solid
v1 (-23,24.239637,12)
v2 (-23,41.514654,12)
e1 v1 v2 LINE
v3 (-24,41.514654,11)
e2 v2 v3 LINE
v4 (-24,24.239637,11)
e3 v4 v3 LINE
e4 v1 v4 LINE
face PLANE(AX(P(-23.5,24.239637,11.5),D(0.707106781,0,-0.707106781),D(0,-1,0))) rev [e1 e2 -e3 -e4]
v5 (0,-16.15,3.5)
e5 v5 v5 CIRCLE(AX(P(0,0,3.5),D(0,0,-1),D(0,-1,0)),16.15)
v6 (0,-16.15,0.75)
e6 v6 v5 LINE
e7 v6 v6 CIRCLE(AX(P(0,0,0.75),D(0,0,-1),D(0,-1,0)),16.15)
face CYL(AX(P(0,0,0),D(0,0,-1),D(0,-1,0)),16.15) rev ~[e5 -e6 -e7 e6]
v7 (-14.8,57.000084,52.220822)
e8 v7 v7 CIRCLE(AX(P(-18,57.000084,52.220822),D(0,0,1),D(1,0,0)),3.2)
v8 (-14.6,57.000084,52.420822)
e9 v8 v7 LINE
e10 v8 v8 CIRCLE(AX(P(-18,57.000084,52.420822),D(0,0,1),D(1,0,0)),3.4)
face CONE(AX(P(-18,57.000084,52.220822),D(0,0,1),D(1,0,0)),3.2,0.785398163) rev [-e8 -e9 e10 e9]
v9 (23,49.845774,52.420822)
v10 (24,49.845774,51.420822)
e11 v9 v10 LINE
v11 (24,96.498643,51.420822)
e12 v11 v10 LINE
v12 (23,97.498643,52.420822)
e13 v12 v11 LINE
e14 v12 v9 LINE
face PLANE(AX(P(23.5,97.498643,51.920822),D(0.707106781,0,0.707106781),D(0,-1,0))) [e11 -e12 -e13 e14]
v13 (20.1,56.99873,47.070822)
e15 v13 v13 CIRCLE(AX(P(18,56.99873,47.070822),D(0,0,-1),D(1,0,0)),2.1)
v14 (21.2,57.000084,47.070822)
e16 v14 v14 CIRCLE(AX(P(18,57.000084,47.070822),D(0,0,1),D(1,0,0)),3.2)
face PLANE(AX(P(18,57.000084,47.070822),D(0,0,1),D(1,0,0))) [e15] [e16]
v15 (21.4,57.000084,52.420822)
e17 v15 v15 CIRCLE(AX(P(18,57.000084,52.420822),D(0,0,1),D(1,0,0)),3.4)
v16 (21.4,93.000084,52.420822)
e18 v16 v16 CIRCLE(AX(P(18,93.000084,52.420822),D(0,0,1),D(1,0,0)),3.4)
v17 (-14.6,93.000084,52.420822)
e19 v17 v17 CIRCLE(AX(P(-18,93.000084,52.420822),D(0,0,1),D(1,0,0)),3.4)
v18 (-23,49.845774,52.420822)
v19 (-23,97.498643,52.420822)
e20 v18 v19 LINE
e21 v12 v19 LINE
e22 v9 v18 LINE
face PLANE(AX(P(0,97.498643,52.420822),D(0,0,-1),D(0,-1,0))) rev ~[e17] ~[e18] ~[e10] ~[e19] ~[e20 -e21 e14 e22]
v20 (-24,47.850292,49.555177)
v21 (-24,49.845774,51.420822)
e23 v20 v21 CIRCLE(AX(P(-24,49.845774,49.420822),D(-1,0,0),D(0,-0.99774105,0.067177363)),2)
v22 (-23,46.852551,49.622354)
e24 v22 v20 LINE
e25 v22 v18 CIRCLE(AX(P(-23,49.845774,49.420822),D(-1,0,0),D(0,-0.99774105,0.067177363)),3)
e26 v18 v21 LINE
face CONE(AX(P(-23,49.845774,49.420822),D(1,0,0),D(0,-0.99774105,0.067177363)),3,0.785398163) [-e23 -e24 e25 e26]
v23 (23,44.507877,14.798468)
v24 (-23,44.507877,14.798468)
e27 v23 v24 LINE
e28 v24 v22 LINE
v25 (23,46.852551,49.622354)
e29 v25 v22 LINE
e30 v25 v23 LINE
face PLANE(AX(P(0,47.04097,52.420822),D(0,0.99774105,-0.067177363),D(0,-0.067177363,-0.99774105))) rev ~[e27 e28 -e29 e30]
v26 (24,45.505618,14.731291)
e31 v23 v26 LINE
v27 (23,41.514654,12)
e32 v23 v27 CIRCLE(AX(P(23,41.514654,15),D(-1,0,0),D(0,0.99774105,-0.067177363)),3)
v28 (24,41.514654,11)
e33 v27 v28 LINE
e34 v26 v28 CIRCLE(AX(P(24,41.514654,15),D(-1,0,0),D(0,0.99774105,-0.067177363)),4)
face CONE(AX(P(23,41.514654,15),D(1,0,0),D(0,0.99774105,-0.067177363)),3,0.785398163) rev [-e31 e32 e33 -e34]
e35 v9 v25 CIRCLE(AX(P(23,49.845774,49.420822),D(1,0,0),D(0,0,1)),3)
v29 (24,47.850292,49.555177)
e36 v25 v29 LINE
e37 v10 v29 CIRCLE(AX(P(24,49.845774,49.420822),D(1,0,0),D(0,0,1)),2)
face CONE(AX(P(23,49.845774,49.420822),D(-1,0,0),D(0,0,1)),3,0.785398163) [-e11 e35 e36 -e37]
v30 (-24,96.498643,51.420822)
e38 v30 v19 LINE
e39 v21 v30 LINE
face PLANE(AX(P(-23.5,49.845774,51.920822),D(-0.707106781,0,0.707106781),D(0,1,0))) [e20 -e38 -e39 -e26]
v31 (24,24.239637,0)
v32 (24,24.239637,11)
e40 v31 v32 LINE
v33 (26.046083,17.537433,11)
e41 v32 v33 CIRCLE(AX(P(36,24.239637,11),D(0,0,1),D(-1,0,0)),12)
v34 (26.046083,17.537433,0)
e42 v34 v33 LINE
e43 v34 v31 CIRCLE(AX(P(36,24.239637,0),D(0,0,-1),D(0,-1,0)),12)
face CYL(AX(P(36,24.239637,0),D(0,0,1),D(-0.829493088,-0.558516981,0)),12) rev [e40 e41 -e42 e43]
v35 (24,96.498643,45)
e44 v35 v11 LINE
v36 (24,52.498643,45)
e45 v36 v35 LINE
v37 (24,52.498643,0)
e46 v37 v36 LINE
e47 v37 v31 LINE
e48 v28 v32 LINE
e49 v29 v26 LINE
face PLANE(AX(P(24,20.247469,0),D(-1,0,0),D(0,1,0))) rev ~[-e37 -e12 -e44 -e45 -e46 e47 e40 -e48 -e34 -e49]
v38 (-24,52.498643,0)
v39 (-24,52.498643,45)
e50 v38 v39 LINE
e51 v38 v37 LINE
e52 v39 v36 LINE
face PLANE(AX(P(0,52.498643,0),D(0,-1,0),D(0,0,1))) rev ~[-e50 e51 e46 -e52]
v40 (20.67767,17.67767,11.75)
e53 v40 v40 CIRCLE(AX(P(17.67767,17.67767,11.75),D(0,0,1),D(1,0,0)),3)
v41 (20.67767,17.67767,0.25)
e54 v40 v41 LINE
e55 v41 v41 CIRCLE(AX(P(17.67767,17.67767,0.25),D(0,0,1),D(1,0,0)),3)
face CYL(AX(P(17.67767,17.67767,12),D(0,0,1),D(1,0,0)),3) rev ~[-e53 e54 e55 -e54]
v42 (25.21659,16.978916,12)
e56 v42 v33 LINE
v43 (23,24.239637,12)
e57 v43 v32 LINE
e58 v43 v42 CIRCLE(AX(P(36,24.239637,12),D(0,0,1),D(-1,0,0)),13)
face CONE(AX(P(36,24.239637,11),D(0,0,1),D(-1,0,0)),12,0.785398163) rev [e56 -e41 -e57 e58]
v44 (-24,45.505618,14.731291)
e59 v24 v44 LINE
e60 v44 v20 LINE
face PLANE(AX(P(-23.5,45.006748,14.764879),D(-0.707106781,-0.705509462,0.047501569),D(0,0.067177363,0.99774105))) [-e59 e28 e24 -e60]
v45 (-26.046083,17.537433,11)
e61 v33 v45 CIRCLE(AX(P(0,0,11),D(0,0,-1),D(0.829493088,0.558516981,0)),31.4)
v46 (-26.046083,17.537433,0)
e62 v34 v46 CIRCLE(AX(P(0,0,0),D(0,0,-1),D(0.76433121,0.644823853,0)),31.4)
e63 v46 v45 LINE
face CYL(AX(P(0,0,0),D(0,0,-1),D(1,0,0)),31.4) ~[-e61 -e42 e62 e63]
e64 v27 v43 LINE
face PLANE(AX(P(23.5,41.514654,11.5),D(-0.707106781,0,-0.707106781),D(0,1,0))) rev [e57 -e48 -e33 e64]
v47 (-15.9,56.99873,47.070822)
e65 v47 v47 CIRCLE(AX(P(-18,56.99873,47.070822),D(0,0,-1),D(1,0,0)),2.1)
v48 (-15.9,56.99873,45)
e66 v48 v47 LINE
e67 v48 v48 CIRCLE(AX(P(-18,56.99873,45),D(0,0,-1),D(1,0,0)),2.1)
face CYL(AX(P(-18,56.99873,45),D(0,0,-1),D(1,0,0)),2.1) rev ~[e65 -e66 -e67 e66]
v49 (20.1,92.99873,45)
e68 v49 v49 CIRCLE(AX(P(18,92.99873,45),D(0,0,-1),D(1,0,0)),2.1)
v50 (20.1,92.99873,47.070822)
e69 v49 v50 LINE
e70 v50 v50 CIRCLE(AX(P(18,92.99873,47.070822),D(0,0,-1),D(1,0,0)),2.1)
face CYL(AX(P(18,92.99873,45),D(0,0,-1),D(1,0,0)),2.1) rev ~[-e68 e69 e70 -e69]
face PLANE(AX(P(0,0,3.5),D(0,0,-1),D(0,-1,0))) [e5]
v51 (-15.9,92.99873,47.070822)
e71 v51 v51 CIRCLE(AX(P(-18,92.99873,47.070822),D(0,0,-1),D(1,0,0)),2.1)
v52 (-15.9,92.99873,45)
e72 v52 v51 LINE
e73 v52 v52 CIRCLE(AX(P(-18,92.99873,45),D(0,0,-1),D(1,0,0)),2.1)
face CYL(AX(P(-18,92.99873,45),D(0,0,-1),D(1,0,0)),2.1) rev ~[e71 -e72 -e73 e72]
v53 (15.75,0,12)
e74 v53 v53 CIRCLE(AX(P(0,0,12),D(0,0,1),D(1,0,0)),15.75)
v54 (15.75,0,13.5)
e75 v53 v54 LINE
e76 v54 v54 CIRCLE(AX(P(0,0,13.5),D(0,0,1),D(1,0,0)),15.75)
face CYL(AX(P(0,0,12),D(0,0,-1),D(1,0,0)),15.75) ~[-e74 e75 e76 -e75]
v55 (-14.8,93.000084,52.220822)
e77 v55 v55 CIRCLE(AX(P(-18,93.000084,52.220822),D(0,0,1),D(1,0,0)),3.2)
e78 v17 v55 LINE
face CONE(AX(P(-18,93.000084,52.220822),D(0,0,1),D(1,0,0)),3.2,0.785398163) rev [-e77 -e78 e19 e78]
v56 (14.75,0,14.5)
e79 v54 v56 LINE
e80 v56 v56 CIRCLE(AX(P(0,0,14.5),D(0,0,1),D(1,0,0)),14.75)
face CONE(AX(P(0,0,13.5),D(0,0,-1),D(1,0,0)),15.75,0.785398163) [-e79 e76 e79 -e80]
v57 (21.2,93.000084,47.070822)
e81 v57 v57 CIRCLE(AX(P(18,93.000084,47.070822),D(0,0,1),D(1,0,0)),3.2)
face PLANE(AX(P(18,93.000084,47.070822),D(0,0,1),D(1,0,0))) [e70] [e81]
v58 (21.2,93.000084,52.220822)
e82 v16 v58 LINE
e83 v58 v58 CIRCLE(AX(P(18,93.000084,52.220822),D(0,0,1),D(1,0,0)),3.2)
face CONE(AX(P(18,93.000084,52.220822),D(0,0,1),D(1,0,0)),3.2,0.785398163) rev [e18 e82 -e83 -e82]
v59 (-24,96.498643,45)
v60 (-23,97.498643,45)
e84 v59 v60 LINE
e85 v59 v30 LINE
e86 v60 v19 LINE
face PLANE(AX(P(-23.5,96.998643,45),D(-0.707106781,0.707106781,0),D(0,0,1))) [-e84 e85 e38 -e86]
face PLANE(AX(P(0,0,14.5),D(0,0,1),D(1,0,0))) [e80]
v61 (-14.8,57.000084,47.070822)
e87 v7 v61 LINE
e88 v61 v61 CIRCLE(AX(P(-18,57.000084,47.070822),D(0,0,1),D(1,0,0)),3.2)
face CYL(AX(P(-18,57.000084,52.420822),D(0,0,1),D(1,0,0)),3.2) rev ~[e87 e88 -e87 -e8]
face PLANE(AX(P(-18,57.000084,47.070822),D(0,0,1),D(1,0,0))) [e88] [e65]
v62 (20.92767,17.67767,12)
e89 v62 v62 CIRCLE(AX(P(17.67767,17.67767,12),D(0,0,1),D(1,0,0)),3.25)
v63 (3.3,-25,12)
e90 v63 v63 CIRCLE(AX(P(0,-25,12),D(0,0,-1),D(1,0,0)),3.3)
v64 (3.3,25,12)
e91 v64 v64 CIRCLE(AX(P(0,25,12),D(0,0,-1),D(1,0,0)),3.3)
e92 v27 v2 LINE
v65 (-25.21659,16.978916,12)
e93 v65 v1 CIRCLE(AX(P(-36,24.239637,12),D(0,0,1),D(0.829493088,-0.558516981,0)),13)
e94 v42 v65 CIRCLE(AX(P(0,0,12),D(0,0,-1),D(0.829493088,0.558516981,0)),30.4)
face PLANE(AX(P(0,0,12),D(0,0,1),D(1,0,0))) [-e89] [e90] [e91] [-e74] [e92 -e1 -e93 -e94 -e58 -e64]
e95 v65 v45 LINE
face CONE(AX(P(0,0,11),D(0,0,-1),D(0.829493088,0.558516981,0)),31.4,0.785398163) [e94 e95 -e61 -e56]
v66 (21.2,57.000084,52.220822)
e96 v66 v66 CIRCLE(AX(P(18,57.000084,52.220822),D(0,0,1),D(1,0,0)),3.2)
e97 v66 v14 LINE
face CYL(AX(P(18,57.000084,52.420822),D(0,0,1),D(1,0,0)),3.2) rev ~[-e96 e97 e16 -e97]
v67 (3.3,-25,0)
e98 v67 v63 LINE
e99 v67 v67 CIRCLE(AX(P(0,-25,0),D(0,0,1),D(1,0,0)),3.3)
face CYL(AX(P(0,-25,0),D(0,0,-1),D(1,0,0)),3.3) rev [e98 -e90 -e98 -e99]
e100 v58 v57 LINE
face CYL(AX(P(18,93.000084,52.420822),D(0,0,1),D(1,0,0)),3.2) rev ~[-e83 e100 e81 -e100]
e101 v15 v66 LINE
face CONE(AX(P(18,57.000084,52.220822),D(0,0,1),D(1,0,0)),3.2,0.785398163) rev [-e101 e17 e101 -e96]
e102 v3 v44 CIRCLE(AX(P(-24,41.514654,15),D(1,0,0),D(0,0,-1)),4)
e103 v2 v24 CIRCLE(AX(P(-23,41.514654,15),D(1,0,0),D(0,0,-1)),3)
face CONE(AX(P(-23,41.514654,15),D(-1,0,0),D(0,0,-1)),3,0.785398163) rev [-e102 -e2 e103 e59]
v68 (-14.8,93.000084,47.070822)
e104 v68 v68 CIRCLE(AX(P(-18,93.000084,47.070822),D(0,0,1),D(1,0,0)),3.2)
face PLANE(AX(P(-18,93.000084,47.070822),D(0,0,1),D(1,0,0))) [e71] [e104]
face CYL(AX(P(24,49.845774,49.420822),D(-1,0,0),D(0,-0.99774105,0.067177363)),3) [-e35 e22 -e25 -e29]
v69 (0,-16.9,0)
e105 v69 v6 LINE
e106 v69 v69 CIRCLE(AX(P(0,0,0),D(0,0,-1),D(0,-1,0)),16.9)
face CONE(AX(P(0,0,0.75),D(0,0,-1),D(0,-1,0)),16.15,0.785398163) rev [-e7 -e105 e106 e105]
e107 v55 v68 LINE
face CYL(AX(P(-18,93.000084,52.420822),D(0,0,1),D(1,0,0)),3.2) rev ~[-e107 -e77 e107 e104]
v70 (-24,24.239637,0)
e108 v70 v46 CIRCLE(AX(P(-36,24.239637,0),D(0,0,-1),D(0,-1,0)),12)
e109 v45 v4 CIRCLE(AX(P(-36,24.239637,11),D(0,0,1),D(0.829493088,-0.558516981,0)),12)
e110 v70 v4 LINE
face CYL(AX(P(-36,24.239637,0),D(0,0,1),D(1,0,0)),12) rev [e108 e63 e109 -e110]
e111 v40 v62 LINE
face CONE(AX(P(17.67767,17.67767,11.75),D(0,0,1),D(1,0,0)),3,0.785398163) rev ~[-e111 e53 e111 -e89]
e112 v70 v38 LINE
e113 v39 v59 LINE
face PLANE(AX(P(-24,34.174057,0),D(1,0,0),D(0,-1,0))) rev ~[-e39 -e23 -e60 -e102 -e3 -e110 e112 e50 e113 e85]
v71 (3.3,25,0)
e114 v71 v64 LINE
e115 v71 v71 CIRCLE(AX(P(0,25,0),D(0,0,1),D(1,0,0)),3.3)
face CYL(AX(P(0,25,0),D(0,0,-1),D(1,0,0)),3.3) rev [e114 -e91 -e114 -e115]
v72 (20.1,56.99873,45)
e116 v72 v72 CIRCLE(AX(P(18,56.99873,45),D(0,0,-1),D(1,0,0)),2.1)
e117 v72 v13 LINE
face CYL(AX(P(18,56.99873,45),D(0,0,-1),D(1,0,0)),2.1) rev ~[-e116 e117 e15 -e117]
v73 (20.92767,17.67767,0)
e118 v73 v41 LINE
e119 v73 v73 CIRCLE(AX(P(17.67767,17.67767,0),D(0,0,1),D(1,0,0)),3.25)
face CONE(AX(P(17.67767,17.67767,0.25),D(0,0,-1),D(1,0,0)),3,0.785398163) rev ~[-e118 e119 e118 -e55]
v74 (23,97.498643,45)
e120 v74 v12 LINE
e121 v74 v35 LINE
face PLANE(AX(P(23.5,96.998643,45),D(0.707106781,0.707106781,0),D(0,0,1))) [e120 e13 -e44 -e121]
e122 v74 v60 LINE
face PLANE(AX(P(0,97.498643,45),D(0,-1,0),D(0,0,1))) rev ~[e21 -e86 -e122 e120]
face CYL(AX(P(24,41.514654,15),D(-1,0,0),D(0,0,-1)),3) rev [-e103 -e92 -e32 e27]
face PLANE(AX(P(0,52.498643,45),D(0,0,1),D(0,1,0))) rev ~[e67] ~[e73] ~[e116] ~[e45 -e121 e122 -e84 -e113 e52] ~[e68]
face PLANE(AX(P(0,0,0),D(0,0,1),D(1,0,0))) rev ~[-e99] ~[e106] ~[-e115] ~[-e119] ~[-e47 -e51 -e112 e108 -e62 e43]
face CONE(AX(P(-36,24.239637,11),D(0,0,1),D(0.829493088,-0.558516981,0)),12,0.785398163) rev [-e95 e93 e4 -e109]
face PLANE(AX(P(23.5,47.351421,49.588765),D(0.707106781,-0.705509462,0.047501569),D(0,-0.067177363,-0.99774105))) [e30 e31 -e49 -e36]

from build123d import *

# Parameters (mm, degrees)
SKETCH_R          = 31.4
PAD_DEPTH         = 12
SKETCH001_R       = 16.15
PAD001_DEPTH      = 2.5
SKETCH009_R       = 15.75
PAD004_DEPTH      = 2.5
PAD001_FACE4_R    = 16.15
POCKET_DEPTH      = 3.5
SKETCH002_R       = 3.3
POCKET001_DEPTH   = 20
CHAMFER_SIZE      = 1
CHAMFER001_SIZE   = 0.75
SKETCH003_R       = 3
POCKET002_DEPTH   = 12
CHAMFER003_SIZE   = 0.25
PAD005_DEPTH      = 12
PAD006_DEPTH      = 24
PAD006_DEPTH_BACK = 24
SKETCH012_R       = 2.1
POCKET003_DEPTH   = 9.420822
SKETCH013_R       = 3.2
POCKET004_DEPTH   = 5.35
FILLET_R          = 12
FILLET001_R       = 3
CHAMFER004_SIZE   = 1
CHAMFER005_SIZE   = 1
CHAMFER006_SIZE   = 0.2


with BuildPart() as part:
    # Sketch → Pad (new body)
    with BuildSketch(Plane.XY):
        Circle(SKETCH_R)
    extrude(amount=PAD_DEPTH)

    # Sketch001 (on Sketch) → Pad001 (join)
    with BuildSketch(Plane.XY):
        Circle(SKETCH001_R)
    extrude(amount=PAD001_DEPTH)

    # Sketch009 (on Face3 of Pad001) → Pad004 (join)
    with BuildSketch(Plane.XY.offset(12)):
        Circle(SKETCH009_R)
    extrude(amount=PAD004_DEPTH)

    # Pad001 Face4 → Pocket (cut)
    with BuildSketch(Plane(origin=(0, 0, 0), x_dir=(0, -1, 0), z_dir=(0, 0, -1))):
        Circle(PAD001_FACE4_R)
    extrude(amount=-POCKET_DEPTH, mode=Mode.SUBTRACT)

    # Sketch002 → Pocket001 (cut)
    with BuildSketch(Plane.XY):
        with Locations((0, 25)):
            Circle(SKETCH002_R)
        with Locations((0, -25)):
            Circle(SKETCH002_R)
    extrude(amount=POCKET001_DEPTH, mode=Mode.SUBTRACT)

    # Chamfer
    chamfer_edges = [part.edges().sort_by_distance(p)[0] for p in [
        (-15.75, 0, 14.5),
    ]]
    chamfer(chamfer_edges, length=CHAMFER_SIZE)

    # Chamfer001
    chamfer001_edges = [part.edges().sort_by_distance(p)[0] for p in [
        (-16.15, 0, 0),
    ]]
    chamfer(chamfer001_edges, length=CHAMFER001_SIZE)

    # Sketch003 (on Face7 of Chamfer001) → Pocket002 (cut)
    with BuildSketch(Plane.XY.offset(12)):
        with Locations((17.67767, 17.67767)):
            Circle(SKETCH003_R)
    extrude(amount=-POCKET002_DEPTH, mode=Mode.SUBTRACT)

    # Chamfer003
    chamfer003_edges = [part.edges().sort_by_distance(p)[0] for p in [
        (14.67767, 17.67767, 12),
        (14.67767, 17.67767, 0),
    ]]
    chamfer(chamfer003_edges, length=CHAMFER003_SIZE)

    # Sketch011 → Pad005 (join)
    with BuildSketch(Plane.XY):
        with BuildLine():
            Line((24, 20.247469), (24, 34.174057))
            Line((24, 34.174057), (-24, 34.174057))
            Line((-24, 34.174057), (-24, 20.247469))
            ThreePointArc((24, 20.247469), (0, 31.4), (-24, 20.247469))
        make_face()
    extrude(amount=PAD005_DEPTH)

    # Sketch010 → Pad006 (join, two sides)
    with BuildSketch(Plane.YZ) as pad006_sk:
        Polygon((34.020989, 0), (52.498643, 0), (52.498643, 45), (97.498643, 45), (97.498643, 52.420822), (47.04097, 52.420822), (44.319458, 12), (34.020989, 12), align=None)
    extrude(amount=PAD006_DEPTH)
    extrude(pad006_sk.sketch, amount=-PAD006_DEPTH_BACK)

    # Sketch012 (on Face31 of Pad006) → Pocket003 (cut)
    with BuildSketch(Plane(origin=(0, 0, 45), x_dir=(1, 0, 0), z_dir=(0, 0, -1))):
        with Locations((18, -92.99873)):
            Circle(SKETCH012_R)
        with Locations((-18, -92.99873)):
            Circle(SKETCH012_R)
        with Locations((-18, -56.99873)):
            Circle(SKETCH012_R)
        with Locations((18, -56.99873)):
            Circle(SKETCH012_R)
    extrude(amount=-POCKET003_DEPTH, mode=Mode.SUBTRACT)

    # Sketch013 (on Face29 of Pocket003) → Pocket004 (cut)
    with BuildSketch(Plane.XY.offset(52.420822)):
        with Locations((18, 93.000084)):
            Circle(SKETCH013_R)
        with Locations((-18, 93.000084)):
            Circle(SKETCH013_R)
        with Locations((-18, 57.000084)):
            Circle(SKETCH013_R)
        with Locations((18, 57.000084)):
            Circle(SKETCH013_R)
    extrude(amount=-POCKET004_DEPTH, mode=Mode.SUBTRACT)

    # Fillet
    fillet_edges = [part.edges().sort_by_distance(p)[0] for p in [
        (-24, 20.247469, 6),
        (24, 20.247469, 6),
    ]]
    fillet(fillet_edges, radius=FILLET_R)

    # Fillet001
    fillet001_edges = [part.edges().sort_by_distance(p)[0] for p in [
        (0, 44.319458, 12),
        (0, 47.04097, 52.420822),
    ]]
    fillet(fillet001_edges, radius=FILLET001_R)

    # Chamfer004
    chamfer004_edges = [part.edges().sort_by_distance(p)[0] for p in [
        (24, 29.130313, 12),
        (-24, 29.130313, 12),
    ]]
    chamfer(chamfer004_edges, length=CHAMFER004_SIZE)

    # Chamfer005
    chamfer005_edges = [part.edges().sort_by_distance(p)[0] for p in [
        (24, 97.498643, 48.210411),
        (-24, 97.498643, 48.210411),
    ]]
    chamfer(chamfer005_edges, length=CHAMFER005_SIZE)

    # Chamfer006
    chamfer006_edges = [part.edges().sort_by_distance(p)[0] for p in [
        (-21.2, 57.000084, 52.420822),
        (-21.2, 93.000084, 52.420822),
        (14.8, 93.000084, 52.420822),
        (14.8, 57.000084, 52.420822),
    ]]
    chamfer(chamfer006_edges, length=CHAMFER006_SIZE)


solid = part.part
